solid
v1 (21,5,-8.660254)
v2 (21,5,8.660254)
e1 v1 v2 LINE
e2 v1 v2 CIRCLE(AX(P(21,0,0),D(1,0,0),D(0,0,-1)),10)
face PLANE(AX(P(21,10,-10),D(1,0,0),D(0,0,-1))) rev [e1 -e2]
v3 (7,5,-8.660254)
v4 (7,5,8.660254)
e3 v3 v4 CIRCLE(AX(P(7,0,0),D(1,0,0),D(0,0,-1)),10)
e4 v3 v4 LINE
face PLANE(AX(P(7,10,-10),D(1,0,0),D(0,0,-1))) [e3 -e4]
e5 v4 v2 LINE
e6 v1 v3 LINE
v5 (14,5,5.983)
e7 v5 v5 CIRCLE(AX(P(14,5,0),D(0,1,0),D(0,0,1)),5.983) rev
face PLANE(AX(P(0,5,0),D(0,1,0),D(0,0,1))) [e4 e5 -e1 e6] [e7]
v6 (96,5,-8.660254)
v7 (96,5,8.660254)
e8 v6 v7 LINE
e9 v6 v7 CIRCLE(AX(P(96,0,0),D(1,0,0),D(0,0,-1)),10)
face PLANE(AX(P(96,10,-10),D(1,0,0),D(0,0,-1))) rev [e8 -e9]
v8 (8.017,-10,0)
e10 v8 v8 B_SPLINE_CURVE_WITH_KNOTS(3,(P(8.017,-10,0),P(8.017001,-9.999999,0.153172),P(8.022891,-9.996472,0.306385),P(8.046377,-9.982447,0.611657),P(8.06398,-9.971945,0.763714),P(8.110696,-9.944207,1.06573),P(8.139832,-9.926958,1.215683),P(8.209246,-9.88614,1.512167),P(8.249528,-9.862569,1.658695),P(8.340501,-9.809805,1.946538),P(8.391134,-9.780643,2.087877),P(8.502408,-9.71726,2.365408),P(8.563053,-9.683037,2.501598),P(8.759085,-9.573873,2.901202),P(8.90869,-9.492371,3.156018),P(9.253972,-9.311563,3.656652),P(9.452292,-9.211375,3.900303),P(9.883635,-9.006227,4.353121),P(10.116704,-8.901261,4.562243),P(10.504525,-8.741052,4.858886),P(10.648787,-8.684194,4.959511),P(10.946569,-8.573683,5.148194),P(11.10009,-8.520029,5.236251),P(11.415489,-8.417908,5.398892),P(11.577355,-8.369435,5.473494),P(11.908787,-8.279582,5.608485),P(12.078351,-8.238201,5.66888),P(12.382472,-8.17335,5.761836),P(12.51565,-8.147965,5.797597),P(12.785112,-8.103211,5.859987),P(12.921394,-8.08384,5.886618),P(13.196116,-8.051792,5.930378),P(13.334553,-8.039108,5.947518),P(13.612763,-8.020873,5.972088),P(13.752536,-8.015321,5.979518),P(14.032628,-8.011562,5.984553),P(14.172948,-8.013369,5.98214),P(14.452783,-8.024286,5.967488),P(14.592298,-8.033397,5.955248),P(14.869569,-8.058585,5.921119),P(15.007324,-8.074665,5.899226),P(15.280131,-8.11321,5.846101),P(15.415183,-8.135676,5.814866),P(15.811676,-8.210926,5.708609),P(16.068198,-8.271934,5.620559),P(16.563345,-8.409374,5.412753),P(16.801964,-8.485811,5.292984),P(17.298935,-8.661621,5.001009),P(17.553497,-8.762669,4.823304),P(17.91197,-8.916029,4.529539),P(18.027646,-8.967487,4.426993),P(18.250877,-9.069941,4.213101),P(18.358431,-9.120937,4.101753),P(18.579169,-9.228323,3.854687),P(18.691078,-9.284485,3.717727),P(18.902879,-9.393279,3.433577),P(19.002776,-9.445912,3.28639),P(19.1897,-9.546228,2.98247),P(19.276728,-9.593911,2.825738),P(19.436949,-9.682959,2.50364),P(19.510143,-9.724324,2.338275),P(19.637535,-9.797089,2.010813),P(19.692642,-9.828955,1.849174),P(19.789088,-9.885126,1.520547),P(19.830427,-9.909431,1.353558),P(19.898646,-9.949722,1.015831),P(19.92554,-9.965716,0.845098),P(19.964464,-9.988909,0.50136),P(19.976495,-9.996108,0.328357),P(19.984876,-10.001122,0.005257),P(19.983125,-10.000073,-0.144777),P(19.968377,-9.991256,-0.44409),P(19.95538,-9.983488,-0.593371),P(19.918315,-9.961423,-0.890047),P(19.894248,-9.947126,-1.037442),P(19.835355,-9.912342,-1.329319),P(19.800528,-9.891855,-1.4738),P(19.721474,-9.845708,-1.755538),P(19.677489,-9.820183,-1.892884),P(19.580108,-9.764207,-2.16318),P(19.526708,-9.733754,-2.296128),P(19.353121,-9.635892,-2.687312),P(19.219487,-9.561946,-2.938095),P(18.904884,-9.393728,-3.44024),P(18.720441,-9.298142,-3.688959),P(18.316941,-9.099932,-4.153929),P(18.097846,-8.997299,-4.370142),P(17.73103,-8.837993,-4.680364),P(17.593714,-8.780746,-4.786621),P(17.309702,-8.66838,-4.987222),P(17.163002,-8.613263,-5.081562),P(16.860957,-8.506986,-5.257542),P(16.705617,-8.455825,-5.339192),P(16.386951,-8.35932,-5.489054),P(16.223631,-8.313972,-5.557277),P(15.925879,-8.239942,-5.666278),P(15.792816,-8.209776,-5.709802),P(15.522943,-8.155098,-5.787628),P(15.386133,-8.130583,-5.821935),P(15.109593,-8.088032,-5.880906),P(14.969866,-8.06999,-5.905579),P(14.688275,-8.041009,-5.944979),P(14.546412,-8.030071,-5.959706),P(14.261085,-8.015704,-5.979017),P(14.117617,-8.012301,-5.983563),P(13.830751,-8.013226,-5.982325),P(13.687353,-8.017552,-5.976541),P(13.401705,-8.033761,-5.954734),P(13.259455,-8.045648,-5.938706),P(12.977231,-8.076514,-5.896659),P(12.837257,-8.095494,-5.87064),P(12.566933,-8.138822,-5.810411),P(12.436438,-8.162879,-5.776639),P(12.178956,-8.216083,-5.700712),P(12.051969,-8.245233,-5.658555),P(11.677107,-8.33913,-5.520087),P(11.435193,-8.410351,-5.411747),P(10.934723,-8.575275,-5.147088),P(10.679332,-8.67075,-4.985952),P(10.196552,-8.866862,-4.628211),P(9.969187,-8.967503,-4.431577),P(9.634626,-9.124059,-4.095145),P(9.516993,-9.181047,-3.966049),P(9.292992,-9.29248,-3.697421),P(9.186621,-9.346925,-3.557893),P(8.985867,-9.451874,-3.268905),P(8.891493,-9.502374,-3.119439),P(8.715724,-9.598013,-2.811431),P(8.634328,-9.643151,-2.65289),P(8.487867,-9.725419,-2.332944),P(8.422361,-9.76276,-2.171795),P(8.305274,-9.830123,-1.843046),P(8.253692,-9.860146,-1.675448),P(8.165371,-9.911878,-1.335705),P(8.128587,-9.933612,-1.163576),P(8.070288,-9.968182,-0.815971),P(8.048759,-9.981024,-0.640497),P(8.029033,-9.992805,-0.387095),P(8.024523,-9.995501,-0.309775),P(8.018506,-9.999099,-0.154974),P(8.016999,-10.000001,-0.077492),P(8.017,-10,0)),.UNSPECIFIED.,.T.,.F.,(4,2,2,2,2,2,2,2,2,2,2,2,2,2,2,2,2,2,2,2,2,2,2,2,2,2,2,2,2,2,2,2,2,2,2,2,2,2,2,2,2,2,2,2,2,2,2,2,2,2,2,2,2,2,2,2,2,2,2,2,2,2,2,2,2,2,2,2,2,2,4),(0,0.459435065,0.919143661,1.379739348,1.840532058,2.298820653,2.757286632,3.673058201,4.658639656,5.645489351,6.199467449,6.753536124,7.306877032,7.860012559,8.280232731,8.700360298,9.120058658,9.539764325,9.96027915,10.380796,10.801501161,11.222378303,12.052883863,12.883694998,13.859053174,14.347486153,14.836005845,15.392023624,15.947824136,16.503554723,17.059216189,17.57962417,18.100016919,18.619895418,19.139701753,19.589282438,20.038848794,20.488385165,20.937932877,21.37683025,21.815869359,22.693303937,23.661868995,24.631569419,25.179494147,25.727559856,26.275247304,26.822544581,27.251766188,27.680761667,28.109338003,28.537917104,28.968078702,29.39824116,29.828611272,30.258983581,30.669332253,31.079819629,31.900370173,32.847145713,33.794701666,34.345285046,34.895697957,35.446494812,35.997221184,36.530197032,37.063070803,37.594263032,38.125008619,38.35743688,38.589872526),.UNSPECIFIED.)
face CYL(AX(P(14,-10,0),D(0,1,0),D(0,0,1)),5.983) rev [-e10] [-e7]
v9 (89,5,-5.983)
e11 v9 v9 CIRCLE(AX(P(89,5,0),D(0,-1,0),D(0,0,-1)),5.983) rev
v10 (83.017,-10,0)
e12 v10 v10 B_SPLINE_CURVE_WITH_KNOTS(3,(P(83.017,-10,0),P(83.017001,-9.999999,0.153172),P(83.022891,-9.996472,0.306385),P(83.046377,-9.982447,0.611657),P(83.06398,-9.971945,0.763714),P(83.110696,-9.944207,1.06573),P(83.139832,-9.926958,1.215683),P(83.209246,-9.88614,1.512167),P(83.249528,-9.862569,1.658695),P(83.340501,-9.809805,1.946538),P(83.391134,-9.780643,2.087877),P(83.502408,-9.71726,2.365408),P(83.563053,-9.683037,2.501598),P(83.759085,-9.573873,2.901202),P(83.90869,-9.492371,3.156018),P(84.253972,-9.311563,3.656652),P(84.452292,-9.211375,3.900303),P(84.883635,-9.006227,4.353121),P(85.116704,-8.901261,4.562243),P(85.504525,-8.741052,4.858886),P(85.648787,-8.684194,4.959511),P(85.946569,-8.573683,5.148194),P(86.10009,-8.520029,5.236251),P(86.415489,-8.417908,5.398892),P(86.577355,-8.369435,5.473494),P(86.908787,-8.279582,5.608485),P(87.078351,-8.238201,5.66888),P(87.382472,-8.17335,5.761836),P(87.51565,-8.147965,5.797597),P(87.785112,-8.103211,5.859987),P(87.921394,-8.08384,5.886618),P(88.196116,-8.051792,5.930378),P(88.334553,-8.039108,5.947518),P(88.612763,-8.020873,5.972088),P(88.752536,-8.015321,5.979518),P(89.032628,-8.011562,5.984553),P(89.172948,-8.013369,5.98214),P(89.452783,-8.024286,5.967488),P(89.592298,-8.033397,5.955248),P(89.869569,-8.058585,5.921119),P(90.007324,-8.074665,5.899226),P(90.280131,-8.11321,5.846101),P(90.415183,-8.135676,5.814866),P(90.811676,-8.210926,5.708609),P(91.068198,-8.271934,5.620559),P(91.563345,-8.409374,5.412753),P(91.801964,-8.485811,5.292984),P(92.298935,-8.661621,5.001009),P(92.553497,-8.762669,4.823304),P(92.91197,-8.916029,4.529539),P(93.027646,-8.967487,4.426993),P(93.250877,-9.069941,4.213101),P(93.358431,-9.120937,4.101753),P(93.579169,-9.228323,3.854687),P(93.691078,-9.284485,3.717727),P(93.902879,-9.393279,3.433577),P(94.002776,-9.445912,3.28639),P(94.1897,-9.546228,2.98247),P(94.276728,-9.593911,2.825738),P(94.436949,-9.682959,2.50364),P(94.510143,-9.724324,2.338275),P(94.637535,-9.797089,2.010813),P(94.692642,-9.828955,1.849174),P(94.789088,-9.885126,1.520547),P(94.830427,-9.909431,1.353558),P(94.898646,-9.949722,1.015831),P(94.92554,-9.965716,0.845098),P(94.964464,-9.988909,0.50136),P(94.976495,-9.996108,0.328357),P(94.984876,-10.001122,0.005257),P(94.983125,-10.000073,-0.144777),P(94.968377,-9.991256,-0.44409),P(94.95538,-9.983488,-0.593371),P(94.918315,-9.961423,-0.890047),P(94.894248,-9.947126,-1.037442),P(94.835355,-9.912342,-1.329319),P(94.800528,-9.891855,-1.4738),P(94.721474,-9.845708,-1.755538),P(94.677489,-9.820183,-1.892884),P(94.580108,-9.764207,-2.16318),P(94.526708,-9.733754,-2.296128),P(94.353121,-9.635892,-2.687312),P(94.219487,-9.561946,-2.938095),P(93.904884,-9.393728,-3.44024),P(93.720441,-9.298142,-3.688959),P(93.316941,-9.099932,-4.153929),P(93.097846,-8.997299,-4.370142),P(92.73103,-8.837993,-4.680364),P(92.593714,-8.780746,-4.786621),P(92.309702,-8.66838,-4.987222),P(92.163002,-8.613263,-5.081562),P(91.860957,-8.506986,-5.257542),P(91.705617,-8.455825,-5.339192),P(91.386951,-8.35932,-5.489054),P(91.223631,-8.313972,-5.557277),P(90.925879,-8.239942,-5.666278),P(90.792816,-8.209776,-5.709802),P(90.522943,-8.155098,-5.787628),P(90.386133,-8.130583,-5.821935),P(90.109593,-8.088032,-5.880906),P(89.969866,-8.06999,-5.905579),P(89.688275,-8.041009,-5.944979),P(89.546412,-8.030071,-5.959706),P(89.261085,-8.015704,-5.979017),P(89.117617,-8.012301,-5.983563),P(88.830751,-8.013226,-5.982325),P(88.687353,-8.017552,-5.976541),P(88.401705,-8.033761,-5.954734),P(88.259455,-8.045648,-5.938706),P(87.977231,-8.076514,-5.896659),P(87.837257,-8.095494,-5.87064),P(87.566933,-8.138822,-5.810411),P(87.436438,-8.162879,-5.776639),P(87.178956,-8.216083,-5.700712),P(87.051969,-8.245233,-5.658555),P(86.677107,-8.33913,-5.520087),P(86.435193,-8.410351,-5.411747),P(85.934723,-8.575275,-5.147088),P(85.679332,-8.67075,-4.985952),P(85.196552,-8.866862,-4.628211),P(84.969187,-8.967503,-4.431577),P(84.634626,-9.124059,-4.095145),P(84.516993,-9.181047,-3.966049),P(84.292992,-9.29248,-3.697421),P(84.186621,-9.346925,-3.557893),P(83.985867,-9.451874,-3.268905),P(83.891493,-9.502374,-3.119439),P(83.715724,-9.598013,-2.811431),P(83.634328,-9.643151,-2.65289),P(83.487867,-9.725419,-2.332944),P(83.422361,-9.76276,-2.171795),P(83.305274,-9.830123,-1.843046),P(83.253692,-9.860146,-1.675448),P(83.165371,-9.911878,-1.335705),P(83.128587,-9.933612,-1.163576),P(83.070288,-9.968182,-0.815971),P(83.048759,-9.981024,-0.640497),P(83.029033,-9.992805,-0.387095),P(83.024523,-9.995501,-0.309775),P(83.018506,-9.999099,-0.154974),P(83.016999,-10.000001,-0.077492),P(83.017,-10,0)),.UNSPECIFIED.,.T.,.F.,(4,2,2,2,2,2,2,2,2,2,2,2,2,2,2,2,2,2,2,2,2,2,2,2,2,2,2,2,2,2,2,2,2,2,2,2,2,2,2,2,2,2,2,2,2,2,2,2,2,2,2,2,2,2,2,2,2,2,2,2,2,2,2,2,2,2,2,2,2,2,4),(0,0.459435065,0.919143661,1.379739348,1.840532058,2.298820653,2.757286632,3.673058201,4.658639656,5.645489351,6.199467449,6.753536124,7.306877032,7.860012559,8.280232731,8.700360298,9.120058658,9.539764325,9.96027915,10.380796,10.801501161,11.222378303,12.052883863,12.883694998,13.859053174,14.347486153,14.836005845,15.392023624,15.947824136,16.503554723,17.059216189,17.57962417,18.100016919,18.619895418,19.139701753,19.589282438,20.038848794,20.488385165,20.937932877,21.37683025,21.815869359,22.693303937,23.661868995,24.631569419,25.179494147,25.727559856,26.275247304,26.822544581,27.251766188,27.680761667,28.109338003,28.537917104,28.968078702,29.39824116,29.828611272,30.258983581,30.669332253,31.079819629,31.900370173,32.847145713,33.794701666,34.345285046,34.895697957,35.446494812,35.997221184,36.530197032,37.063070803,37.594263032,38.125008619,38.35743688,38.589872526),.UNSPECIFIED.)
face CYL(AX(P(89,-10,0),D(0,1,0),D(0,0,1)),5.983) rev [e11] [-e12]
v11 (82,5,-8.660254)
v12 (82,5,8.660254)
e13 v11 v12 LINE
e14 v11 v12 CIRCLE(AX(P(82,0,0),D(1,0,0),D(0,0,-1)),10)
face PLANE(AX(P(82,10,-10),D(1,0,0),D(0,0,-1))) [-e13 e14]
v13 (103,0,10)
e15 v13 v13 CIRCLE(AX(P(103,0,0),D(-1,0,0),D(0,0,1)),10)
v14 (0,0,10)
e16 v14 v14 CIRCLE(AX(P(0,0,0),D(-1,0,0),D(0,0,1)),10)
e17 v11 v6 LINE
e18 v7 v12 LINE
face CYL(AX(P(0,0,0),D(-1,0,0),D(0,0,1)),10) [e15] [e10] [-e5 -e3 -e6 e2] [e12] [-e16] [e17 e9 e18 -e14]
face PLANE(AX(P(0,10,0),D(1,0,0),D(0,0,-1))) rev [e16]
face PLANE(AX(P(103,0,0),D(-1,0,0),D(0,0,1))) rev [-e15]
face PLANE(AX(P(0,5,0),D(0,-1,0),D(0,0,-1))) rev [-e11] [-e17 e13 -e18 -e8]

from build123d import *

# Parameters (mm, degrees)
ESQUISSE1_W                  = 103
ESQUISSE1_H                  = 10
ENL_V_MAT_EXTRU_4_DEPTH      = 104.966340707
ENL_V_MAT_EXTRU_4_DEPTH_BACK = 104.966340707
ESQUISSE8_R                  = 5.983
ENL_V_START                  = 5
ESQUISSE9_W                  = 14
ESQUISSE9_H                  = 20
ENL_V_MAT_EXTRU_6_DEPTH      = 99.966340826


with BuildPart() as part:
    # Esquisse1 → Révolution1 (revolve)
    with BuildSketch(Plane.XY, mode=Mode.PRIVATE) as r_volution1_sk:
        with Locations((51.5, 5)):
            Rectangle(ESQUISSE1_W, ESQUISSE1_H)
    revolve(r_volution1_sk.sketch.rotate(Axis((0, 0, 0), (1, 0, 0)), 90), axis=Axis((0, 0, 0), (1, 0, 0)))

    # Esquisse8 → Enlèv. mat.-Extru.4 (cut, two sides: drawn at the far end of the back side and taken through both)
    with BuildSketch(Plane(origin=(0, 0, 0), x_dir=(1, 0, 0), z_dir=(0, 1, 0)).offset(-ENL_V_MAT_EXTRU_4_DEPTH_BACK)):
        with Locations(Location((14, 0, 0), (0, 0, 270))):
            Circle(ESQUISSE8_R)
        with Locations(Location((89, 0, 0), (0, 0, 270))):
            Circle(ESQUISSE8_R)
    extrude(amount=ENL_V_MAT_EXTRU_4_DEPTH + ENL_V_MAT_EXTRU_4_DEPTH_BACK, mode=Mode.SUBTRACT)

    # Esquisse9 → Enlèv. mat.-Extru.6 (cut, through all)
    with BuildSketch(Plane(origin=(0, 0, 0), x_dir=(1, 0, 0), z_dir=(0, 1, 0)).offset(ENL_V_START)):
        with Locations((14, 0)):
            Rectangle(ESQUISSE9_W, ESQUISSE9_H)
        with Locations((89, 0)):
            Rectangle(ESQUISSE9_W, ESQUISSE9_H)
    extrude(amount=ENL_V_MAT_EXTRU_6_DEPTH, mode=Mode.SUBTRACT)


solid = part.part
